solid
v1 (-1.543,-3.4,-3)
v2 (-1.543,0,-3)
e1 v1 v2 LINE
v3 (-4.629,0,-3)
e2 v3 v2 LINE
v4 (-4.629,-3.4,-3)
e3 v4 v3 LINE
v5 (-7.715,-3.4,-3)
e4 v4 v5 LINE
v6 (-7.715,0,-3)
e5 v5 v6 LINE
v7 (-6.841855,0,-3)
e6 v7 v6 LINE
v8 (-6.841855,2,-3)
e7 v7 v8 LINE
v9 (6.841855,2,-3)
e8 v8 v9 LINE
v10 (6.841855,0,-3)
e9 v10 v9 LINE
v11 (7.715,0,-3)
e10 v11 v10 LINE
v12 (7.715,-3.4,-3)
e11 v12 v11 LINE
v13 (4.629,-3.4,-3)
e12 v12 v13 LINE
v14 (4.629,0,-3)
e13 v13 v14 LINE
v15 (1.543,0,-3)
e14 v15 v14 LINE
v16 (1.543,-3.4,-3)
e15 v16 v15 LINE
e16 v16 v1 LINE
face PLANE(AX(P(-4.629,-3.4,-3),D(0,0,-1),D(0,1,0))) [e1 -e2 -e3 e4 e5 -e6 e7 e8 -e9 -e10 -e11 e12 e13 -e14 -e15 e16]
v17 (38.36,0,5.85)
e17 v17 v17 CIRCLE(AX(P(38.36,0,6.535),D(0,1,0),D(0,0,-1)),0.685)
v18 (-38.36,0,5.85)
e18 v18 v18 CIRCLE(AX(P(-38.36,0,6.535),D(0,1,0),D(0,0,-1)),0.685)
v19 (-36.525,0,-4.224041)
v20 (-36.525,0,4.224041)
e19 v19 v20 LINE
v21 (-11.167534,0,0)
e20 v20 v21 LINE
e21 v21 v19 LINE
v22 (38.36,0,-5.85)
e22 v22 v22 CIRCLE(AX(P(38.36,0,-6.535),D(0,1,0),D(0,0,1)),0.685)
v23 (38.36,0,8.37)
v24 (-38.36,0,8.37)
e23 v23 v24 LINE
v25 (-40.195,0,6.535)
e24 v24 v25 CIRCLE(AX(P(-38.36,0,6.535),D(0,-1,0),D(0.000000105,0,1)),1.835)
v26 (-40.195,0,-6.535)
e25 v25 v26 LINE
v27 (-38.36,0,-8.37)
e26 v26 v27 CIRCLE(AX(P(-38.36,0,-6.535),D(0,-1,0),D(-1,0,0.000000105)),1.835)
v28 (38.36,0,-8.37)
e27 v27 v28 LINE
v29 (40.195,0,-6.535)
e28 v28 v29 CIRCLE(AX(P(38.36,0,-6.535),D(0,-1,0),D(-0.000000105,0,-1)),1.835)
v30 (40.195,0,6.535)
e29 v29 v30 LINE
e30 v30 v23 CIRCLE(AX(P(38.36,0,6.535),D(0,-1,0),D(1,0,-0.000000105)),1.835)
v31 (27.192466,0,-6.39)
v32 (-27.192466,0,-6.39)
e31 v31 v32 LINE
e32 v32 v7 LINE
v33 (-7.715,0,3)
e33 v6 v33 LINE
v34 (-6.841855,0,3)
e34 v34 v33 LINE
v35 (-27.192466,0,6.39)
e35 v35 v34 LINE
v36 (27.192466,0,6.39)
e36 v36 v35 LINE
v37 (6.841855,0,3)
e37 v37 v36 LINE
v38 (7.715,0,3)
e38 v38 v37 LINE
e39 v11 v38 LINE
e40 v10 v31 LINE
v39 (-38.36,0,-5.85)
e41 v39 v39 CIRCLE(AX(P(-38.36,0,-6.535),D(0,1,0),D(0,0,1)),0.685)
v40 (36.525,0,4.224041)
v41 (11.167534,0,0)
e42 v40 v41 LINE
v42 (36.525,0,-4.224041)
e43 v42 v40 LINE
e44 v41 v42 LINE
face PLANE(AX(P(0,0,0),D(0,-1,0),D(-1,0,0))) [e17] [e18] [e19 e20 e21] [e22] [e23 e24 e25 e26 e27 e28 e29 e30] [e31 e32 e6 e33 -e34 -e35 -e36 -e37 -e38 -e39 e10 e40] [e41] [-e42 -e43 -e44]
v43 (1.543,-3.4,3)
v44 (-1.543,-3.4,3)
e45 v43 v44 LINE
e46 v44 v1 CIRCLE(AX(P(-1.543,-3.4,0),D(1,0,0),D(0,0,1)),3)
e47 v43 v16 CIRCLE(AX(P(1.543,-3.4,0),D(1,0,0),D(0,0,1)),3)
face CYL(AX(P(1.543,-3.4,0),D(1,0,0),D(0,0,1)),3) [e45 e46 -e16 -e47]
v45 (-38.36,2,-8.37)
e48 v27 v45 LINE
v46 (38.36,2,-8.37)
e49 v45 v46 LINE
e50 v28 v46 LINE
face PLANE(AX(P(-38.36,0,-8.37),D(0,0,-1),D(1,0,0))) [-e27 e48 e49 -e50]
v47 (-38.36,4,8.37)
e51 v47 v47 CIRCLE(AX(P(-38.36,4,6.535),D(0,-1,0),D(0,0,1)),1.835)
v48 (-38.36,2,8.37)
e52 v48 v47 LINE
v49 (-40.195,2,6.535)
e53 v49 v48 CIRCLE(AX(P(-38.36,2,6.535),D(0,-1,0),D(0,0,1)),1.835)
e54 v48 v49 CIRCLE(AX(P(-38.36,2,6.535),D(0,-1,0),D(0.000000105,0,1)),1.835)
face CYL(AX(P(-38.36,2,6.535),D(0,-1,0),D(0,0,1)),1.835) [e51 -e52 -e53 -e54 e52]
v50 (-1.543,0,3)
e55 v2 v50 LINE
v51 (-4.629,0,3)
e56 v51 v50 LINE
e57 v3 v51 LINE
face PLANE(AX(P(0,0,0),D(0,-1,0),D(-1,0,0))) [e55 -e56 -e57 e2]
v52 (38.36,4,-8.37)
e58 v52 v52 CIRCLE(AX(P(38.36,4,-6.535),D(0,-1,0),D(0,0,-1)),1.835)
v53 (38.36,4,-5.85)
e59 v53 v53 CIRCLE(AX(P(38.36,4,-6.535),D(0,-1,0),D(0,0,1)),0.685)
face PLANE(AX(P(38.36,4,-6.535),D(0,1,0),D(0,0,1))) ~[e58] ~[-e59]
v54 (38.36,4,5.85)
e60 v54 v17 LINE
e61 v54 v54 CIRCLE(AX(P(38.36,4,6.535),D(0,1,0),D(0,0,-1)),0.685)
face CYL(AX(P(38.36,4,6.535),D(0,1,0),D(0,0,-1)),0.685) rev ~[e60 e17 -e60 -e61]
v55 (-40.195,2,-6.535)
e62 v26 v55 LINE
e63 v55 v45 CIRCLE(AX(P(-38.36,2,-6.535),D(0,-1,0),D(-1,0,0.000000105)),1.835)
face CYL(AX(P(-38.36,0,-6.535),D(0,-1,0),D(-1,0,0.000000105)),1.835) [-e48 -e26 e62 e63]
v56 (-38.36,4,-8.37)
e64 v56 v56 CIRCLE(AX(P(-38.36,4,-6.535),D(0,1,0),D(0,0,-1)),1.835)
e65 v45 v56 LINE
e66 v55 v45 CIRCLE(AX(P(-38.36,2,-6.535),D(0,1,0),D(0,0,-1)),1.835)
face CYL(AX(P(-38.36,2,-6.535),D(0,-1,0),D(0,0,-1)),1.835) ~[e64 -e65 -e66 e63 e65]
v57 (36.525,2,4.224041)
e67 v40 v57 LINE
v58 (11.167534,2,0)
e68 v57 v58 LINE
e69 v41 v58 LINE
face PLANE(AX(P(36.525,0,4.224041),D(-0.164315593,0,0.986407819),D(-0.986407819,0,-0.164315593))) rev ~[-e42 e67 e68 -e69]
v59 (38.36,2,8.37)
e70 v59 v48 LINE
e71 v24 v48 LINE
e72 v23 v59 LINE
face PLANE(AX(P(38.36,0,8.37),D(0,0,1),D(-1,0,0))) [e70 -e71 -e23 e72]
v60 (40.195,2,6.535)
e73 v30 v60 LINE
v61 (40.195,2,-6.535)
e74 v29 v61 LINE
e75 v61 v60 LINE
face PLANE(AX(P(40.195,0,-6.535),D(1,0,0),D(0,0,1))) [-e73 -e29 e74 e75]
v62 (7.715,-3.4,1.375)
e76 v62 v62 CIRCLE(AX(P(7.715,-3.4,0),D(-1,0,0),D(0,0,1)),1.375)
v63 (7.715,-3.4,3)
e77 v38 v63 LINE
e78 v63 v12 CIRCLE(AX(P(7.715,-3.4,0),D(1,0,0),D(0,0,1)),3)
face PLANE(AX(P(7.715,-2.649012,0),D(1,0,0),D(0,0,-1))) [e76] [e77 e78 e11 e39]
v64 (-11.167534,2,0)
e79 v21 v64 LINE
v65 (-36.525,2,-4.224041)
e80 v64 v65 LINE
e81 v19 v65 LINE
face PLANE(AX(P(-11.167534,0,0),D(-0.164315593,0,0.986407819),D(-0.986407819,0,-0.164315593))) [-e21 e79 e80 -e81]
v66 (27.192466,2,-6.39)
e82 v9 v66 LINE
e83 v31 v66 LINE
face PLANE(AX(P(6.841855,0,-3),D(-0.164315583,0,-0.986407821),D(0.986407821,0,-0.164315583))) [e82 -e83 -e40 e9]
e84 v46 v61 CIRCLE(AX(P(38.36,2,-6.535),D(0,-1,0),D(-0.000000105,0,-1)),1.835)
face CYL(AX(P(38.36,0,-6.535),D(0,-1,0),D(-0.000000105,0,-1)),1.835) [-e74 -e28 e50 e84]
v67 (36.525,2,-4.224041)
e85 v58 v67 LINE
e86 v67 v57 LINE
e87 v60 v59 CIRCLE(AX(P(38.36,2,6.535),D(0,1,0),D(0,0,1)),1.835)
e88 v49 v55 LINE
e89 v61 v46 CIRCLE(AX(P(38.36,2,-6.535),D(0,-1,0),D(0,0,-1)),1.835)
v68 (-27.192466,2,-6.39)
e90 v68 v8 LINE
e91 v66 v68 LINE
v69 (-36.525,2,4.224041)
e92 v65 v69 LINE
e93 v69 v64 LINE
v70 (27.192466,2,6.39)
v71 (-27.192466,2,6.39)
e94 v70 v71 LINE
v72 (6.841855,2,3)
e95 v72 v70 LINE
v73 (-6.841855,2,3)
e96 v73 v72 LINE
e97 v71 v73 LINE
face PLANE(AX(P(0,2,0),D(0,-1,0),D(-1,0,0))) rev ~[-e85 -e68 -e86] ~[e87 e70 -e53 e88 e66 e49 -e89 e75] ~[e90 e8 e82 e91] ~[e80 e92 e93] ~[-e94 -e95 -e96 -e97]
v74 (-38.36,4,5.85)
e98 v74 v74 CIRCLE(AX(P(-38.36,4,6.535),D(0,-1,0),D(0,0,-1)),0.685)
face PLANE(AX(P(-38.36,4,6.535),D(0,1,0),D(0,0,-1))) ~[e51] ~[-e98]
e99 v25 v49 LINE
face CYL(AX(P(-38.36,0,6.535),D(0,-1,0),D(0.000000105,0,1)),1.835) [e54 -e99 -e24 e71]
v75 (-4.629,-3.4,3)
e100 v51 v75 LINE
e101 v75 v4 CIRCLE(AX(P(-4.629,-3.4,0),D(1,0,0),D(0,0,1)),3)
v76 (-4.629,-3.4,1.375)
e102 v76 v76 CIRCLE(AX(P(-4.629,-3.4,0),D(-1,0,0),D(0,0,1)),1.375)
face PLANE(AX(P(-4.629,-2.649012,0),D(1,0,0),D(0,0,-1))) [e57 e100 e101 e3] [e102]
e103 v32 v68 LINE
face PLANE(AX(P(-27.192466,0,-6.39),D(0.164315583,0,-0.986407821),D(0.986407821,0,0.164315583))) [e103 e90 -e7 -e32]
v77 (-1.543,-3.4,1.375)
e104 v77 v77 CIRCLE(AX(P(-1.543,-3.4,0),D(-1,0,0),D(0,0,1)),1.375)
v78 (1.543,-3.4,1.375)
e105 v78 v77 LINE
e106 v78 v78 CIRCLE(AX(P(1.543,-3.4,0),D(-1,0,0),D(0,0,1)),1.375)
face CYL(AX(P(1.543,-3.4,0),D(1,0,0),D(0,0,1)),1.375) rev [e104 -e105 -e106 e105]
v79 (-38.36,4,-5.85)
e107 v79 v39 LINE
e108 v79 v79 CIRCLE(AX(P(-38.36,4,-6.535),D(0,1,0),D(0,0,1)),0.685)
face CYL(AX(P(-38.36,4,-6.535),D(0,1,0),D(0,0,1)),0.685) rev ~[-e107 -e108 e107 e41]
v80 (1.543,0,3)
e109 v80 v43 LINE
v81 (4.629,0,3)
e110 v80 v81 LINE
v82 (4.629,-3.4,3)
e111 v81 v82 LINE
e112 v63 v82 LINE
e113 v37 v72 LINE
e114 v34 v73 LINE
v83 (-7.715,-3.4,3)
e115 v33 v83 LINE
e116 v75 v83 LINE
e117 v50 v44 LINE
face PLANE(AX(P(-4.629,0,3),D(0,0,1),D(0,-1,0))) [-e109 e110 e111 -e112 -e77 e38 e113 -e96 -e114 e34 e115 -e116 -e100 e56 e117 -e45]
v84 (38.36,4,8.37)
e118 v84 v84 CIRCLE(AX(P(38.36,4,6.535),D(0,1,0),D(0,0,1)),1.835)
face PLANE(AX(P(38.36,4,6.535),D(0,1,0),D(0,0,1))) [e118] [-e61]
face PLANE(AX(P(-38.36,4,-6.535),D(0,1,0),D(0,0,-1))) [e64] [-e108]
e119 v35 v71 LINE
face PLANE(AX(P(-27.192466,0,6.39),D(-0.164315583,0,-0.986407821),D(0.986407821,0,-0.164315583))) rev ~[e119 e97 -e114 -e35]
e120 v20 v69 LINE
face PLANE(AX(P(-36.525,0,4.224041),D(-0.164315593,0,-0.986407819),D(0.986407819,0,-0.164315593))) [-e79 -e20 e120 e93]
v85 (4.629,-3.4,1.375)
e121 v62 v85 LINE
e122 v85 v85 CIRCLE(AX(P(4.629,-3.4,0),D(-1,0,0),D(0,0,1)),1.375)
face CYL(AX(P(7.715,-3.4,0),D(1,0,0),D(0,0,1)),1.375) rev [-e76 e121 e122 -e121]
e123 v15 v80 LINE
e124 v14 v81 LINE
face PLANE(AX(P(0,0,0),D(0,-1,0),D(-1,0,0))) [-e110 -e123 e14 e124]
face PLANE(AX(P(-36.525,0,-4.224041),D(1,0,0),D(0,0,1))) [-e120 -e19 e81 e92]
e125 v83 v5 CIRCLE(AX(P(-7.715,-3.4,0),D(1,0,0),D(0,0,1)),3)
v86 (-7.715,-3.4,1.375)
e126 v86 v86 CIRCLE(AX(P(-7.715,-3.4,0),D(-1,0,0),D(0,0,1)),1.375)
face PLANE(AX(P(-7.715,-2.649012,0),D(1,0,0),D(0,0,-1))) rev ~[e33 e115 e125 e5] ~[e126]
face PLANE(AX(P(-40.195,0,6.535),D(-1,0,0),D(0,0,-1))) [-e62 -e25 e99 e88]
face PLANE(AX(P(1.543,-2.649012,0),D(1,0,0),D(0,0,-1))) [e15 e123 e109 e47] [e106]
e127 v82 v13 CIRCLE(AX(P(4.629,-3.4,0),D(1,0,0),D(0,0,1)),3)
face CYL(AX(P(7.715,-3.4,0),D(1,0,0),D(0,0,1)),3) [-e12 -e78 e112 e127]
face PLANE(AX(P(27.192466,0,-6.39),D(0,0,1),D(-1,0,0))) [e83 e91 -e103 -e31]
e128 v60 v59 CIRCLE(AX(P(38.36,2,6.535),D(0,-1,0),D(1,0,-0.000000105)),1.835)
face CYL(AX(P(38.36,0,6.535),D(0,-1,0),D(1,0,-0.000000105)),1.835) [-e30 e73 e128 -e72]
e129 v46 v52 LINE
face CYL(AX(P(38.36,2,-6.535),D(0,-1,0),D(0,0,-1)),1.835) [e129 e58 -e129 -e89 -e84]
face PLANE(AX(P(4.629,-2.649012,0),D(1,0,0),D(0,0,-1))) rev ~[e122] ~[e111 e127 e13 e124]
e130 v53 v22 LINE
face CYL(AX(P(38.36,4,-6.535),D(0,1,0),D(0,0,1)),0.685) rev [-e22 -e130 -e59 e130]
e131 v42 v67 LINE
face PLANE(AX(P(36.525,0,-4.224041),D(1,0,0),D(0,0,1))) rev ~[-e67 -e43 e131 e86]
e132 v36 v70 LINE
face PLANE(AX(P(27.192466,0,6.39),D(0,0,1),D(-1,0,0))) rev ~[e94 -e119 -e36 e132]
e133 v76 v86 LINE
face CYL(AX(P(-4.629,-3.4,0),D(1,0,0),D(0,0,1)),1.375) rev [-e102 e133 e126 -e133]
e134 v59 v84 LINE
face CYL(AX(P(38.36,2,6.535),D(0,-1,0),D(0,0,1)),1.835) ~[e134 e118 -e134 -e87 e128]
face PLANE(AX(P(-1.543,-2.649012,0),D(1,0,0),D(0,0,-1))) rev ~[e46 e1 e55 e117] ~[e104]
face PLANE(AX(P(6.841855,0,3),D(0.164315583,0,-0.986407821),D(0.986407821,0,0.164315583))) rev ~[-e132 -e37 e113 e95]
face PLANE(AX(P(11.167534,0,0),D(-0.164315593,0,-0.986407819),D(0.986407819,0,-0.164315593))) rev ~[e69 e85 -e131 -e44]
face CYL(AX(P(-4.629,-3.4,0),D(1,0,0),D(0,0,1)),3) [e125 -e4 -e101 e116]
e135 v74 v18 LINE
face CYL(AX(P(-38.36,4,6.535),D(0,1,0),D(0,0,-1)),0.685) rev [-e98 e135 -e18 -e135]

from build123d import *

# Parameters (mm, degrees)
BOSS_EXTRUDE2_DEPTH                        = 2
SKETCH7_R                                  = 1.375
BOSS_EXTRUDE4_DEPTH                        = 3.086
LPATTERN1_COUNT                            = 3
LPATTERN1_PITCH                            = 6.172
SKETCH8_R                                  = 1.835
BOSS_EXTRUDE5_DEPTH                        = 2
SKETCH9_R                                  = 0.685
CUT_EXTRUDE1_DEPTH                         = 43.353925
MIRROR1_AT_THE_SECOND_PLANE_COPY_1_SKETC_R = 1.835
MIRROR1_AT_THE_SECOND_PLANE_COPY_1_DEPTH   = 2
MIRROR1_AT_THE_SECOND_PLANE_COPY_2_SKETC_R = 0.685
MIRROR1_AT_THE_SECOND_PLANE_COPY_2_DEPTH   = 43.353925


with BuildPart() as part:
    # Sketch3 → Boss-Extrude2 (new body)
    with BuildSketch(Plane(origin=(0, 0, 0), x_dir=(1, 0, 0), z_dir=(0, 1, 0))):
        with BuildLine():
            Line((38.36, -8.37), (-38.36, -8.37))
            ThreePointArc((-38.36, -8.37), (-39.657541, -7.832541), (-40.195, -6.535))
            Line((-40.195, -6.535), (-40.195, 6.535))
            ThreePointArc((-40.195, 6.535), (-39.657541, 7.832541), (-38.36, 8.37))
            Line((-38.36, 8.37), (38.36, 8.37))
            ThreePointArc((38.36, 8.37), (39.657541, 7.832541), (40.195, 6.535))
            Line((40.195, 6.535), (40.195, -6.535))
            ThreePointArc((40.195, -6.535), (39.657541, -7.832541), (38.36, -8.37))
        make_face()
        Polygon((6.841855, -3), (27.192466, -6.39), (-27.192466, -6.39), (-6.841855, -3), align=None, mode=Mode.SUBTRACT)
        Polygon((-27.192466, 6.39), (-6.841855, 3), (6.841855, 3), (27.192466, 6.39), align=None, mode=Mode.SUBTRACT)
        Polygon((-36.525, 4.224041), (-36.525, -4.224041), (-11.167534, 0), align=None, mode=Mode.SUBTRACT)
        Polygon((36.525, -4.224041), (11.167534, 0), (36.525, 4.224041), align=None, mode=Mode.SUBTRACT)
    extrude(amount=BOSS_EXTRUDE2_DEPTH)

    # Sketch7 → Boss-Extrude4 (add)
    with BuildSketch(Plane.ZY.offset(-7.715)):
        with BuildLine():
            Line((-3, 0), (3, 0))
            Line((3, 0), (3, -3.4))
            ThreePointArc((3, -3.4), (0, -6.4), (-3, -3.4))
            Line((-3, -3.4), (-3, 0))
        make_face()
        with Locations((0, -3.4)):
            Circle(SKETCH7_R, mode=Mode.SUBTRACT)
    boss_extrude4 = extrude(amount=BOSS_EXTRUDE4_DEPTH)

    # LPattern1: Boss-Extrude4 ×3
    with Locations(*[(-i * LPATTERN1_PITCH, 0, 0) for i in range(1, LPATTERN1_COUNT)]):
        add(boss_extrude4)

    # Sketch8 → Boss-Extrude5 (add)
    with BuildSketch(Plane(origin=(0, 2, 0), x_dir=(1, 0, 0), z_dir=(0, 1, 0))):
        with Locations(Location((-38.36, 6.535, 0), (0, 0, 90))):
            Circle(SKETCH8_R)
    boss_extrude5 = extrude(amount=BOSS_EXTRUDE5_DEPTH)

    # Sketch9 → Cut-Extrude1 (cut, through all)
    with BuildSketch(Plane(origin=(0, 4, 0), x_dir=(1, 0, 0), z_dir=(0, 1, 0))):
        with Locations(Location((-38.36, 6.535, 0), (0, 0, 270))):
            Circle(SKETCH9_R)
    cut_extrude1 = extrude(amount=-CUT_EXTRUDE1_DEPTH, mode=Mode.SUBTRACT)

    # Mirror1: Boss-Extrude5, Cut-Extrude1 across plane
    add(boss_extrude5.mirror(Plane(origin=(0, 0, 0), x_dir=(0, 0, 1), z_dir=(1, 0, 0))))
    add(cut_extrude1.mirror(Plane(origin=(0, 0, 0), x_dir=(0, 0, 1), z_dir=(1, 0, 0))), mode=Mode.SUBTRACT)

    # Mirror1 at the second plane: Boss-Extrude5, Cut-Extrude1 across plane
    add(boss_extrude5.mirror(Plane.XY))
    add(cut_extrude1.mirror(Plane.XY), mode=Mode.SUBTRACT)

    # Mirror1 at the second plane copy 1 sketc → Mirror1 at the second plane copy 1 (add)
    with BuildSketch(Plane(origin=(0, 2, 0), x_dir=(-1, 0, 0), z_dir=(0, 1, 0))):
        with Locations(Location((-38.36, 6.535, 0), (0, 0, 90))):
            Circle(MIRROR1_AT_THE_SECOND_PLANE_COPY_1_SKETC_R)
    extrude(amount=MIRROR1_AT_THE_SECOND_PLANE_COPY_1_DEPTH)

    # Mirror1 at the second plane copy 2 sketc → Mirror1 at the second plane copy 2 (cut, through all)
    with BuildSketch(Plane(origin=(0, 4, 0), x_dir=(-1, 0, 0), z_dir=(0, 1, 0))):
        with Locations(Location((-38.36, 6.535, 0), (0, 0, 270))):
            Circle(MIRROR1_AT_THE_SECOND_PLANE_COPY_2_SKETC_R)
    extrude(amount=-MIRROR1_AT_THE_SECOND_PLANE_COPY_2_DEPTH, mode=Mode.SUBTRACT)


solid = part.part
